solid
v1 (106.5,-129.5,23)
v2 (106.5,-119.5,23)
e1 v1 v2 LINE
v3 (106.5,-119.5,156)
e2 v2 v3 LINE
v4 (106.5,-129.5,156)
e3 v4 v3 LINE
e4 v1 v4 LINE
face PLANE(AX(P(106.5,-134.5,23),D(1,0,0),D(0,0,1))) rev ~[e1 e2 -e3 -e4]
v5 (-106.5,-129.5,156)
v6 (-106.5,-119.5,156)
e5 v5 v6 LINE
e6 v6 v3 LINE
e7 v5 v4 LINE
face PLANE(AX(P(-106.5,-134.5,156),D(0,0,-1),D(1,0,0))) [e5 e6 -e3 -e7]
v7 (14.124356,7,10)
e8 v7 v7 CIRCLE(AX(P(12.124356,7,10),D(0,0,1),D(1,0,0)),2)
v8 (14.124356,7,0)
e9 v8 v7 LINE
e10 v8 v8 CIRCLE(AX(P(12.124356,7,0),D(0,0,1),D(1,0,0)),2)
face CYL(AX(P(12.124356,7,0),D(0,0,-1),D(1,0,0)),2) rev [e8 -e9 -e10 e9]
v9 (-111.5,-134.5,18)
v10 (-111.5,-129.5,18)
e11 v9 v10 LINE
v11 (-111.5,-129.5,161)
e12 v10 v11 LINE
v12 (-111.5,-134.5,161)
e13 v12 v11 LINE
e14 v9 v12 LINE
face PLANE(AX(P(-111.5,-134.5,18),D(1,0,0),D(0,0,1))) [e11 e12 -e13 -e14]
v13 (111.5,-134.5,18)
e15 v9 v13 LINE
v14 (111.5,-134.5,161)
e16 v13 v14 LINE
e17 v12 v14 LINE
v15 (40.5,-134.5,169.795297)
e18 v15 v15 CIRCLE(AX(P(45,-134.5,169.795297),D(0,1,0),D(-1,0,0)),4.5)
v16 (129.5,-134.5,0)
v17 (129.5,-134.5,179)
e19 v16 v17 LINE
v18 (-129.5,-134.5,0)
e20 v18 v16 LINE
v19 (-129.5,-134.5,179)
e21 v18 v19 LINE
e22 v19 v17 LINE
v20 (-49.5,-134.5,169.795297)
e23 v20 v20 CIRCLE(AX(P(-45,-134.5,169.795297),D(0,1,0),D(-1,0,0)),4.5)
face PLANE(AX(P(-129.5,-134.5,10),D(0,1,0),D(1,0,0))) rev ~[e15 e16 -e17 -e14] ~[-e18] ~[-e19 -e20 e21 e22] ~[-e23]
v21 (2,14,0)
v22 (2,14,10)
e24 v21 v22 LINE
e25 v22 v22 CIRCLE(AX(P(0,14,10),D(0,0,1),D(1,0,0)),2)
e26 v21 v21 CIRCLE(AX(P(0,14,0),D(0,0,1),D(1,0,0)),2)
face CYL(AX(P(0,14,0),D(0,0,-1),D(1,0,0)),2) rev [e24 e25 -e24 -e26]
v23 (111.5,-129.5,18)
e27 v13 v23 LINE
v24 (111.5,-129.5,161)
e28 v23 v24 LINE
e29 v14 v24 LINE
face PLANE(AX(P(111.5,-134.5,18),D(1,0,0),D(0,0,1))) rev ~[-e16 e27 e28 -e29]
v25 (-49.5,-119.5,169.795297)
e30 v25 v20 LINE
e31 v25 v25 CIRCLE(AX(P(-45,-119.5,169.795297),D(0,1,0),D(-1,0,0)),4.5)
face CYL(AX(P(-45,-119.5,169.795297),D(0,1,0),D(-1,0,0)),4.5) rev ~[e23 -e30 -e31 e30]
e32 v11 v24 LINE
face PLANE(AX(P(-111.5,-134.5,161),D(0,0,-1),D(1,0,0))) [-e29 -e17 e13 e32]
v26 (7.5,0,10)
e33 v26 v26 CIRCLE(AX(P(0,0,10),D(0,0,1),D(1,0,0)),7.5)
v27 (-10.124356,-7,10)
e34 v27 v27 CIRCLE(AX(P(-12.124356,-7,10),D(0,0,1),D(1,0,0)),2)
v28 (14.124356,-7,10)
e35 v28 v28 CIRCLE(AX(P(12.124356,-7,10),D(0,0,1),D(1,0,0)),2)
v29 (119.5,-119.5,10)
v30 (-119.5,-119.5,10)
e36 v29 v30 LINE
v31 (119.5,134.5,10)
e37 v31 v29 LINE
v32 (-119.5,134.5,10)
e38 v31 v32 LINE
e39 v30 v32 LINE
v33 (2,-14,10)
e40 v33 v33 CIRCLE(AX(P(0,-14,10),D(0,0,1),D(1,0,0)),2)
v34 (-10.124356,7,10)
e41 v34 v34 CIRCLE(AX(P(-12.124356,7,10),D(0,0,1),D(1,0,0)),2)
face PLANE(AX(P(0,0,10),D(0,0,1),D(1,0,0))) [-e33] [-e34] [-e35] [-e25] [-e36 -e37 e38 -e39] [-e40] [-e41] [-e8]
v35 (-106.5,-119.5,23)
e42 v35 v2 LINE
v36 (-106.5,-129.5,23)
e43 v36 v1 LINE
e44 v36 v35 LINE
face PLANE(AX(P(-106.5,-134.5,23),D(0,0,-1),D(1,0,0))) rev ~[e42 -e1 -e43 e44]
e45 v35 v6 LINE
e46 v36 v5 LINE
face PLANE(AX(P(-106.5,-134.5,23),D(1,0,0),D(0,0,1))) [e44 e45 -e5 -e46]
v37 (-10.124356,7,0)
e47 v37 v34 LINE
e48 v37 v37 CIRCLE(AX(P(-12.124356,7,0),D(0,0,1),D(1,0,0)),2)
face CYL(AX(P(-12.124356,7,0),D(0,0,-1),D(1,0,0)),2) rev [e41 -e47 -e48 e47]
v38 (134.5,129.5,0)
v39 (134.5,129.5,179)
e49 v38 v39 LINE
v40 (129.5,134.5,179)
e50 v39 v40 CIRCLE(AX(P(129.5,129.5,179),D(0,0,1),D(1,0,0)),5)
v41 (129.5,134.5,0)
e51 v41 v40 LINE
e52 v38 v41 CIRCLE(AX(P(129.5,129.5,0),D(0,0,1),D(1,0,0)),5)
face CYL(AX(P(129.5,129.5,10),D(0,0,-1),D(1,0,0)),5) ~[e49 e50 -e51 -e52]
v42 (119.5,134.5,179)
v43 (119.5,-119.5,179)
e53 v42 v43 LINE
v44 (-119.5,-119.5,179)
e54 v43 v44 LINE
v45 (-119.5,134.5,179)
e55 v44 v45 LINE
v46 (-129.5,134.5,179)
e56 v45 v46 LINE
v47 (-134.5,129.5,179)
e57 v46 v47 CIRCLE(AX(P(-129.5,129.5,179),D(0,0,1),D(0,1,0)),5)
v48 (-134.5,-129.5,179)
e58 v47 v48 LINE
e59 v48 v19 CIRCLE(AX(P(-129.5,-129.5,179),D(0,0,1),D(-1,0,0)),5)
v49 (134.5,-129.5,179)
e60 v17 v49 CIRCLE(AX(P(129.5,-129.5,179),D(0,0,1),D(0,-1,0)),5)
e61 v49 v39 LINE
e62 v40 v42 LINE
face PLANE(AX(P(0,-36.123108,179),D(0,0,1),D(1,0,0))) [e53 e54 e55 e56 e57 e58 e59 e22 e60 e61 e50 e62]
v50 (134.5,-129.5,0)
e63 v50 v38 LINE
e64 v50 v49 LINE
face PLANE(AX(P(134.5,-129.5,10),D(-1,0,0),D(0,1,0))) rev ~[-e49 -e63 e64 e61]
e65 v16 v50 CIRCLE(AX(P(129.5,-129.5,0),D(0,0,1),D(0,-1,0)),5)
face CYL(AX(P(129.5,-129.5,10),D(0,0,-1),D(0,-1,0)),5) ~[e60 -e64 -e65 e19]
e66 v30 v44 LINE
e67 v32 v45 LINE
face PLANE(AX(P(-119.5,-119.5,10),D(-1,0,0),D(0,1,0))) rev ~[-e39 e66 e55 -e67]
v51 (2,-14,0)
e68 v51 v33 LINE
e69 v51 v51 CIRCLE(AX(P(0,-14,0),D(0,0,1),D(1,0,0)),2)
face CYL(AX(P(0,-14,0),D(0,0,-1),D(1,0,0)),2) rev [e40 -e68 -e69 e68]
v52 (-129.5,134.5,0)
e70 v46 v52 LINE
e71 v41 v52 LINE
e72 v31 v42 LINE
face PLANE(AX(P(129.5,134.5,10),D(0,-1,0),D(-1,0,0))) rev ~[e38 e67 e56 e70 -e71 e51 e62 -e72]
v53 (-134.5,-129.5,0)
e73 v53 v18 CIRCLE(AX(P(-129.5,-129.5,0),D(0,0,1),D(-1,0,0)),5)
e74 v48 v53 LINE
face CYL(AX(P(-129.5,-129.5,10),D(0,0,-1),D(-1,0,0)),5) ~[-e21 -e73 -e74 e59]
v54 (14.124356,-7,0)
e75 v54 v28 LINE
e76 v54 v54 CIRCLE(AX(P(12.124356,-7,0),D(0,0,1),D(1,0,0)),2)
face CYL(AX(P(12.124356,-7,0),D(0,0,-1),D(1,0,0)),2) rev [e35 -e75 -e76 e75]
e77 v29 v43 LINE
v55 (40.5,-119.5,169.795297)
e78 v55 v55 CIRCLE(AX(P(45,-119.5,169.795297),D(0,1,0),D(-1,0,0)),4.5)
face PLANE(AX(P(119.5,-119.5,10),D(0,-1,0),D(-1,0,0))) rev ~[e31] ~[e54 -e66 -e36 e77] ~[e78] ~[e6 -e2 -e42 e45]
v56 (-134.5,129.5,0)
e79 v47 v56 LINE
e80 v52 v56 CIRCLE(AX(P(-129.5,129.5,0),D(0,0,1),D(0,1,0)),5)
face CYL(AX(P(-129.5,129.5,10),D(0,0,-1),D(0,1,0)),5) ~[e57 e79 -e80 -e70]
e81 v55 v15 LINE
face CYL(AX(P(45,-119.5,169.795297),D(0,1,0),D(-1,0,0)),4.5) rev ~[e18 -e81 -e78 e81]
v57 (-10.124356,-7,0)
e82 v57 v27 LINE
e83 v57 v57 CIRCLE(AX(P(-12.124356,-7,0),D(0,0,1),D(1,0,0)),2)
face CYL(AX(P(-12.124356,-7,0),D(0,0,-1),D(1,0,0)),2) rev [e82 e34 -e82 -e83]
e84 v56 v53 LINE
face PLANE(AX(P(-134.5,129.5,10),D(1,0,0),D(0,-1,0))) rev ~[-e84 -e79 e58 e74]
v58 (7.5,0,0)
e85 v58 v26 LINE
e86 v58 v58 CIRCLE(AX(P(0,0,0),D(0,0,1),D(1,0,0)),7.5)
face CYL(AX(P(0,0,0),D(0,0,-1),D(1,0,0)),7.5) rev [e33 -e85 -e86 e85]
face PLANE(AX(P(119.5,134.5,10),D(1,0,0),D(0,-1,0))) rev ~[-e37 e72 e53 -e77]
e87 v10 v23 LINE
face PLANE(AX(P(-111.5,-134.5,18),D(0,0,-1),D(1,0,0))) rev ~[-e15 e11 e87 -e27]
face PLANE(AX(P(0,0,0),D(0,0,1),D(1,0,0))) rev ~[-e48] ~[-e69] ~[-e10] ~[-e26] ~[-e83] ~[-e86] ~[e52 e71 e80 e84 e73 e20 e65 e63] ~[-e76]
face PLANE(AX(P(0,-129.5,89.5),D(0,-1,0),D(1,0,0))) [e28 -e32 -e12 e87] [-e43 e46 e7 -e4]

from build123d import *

# Parameters (mm, degrees)
F0_R     = 2
F0_R_2   = 7.5
F1_DEPTH = 10
F3_DEPTH = 169
F4_W     = 223
F4_H     = 143
F4_W_2   = 212.9999995232
F4_H_2   = 132.9999995232
F5_DEPTH = 5
F6_DEPTH = 25
F7_R     = 4.5
F8_DEPTH = 25


with BuildPart() as f1:
    # F0 (on Top) → F1 (new body)
    with BuildSketch(Plane.XY):
        with BuildLine():
            Line((129.5, 134.5), (-129.5, 134.5))
            ThreePointArc((-129.5, 134.5), (-133.0355339059, 133.0355339059), (-134.5, 129.5))
            Line((-134.5, 129.5), (-134.5, -129.5))
            ThreePointArc((-134.5, -129.5), (-133.0355339059, -133.0355339059), (-129.5, -134.5))
            Line((-129.5, -134.5), (129.5, -134.5))
            ThreePointArc((129.5, -134.5), (133.0355339059, -133.0355339059), (134.5, -129.5))
            Line((134.5, -129.5), (134.5, 129.5))
            ThreePointArc((134.5, 129.5), (133.0355339059, 133.0355339059), (129.5, 134.5))
        make_face()
        with Locations((-12.124355653, -7)):
            Circle(F0_R, mode=Mode.SUBTRACT)
        with Locations((0, -14)):
            Circle(F0_R, mode=Mode.SUBTRACT)
        with Locations((12.124355653, -7)):
            Circle(F0_R, mode=Mode.SUBTRACT)
        with Locations((-12.124355653, 7)):
            Circle(F0_R, mode=Mode.SUBTRACT)
        Circle(F0_R_2, mode=Mode.SUBTRACT)
        with Locations((12.124355653, 7)):
            Circle(F0_R, mode=Mode.SUBTRACT)
        with Locations((0, 14)):
            Circle(F0_R, mode=Mode.SUBTRACT)
    extrude(amount=F1_DEPTH)

    # F2 (on face) → F3 (join)
    with BuildSketch(Plane.XY.offset(10)):
        with BuildLine():
            ThreePointArc((-134.5, -129.5), (-133.0355339059, -133.0355339059), (-129.5, -134.5))
            Line((-129.5, -134.5), (129.5, -134.5))
            ThreePointArc((129.5, -134.5), (133.0355339059, -133.0355339059), (134.5, -129.5))
            Line((134.5, -129.5), (134.5, -119.5))
            Line((134.5, -119.5), (134.5, 129.5))
            ThreePointArc((134.5, 129.5), (133.0355339059, 133.0355339059), (129.5, 134.5))
            Line((129.5, 134.5), (119.5, 134.5))
            Line((119.5, 134.5), (119.5, -119.5))
            Line((119.5, -119.5), (-119.5, -119.5))
            Line((-119.5, -119.5), (-119.5, 134.5))
            Line((-119.5, 134.5), (-129.5, 134.5))
            ThreePointArc((-129.5, 134.5), (-133.0355339059, 133.0355339059), (-134.5, 129.5))
            Line((-134.5, 129.5), (-134.5, -119.5))
            Line((-134.5, -119.5), (-134.5, -129.5))
        make_face()
    extrude(amount=F3_DEPTH)

    # F4 (on face) → F5 (cut)
    with BuildSketch(Plane.XZ.offset(134.5)):
        with Locations((0, 89.5)):
            Rectangle(F4_W, F4_H)
        with Locations((0, 89.5)):
            Rectangle(F4_W_2, F4_H_2, mode=Mode.SUBTRACT)
    extrude(amount=-F5_DEPTH, mode=Mode.SUBTRACT)

    # F6 (cut): a face of the model
    f6_faces = [f1.faces().sort_by_distance(p)[0] for p in [
        (0, -134.5, 89.5),
    ]]
    extrude(f6_faces, amount=-F6_DEPTH, mode=Mode.SUBTRACT)

    # F7 (on face) → F8 (cut)
    with BuildSketch(Plane(origin=(0, -119.5, 0), x_dir=(-1, 0, 0), z_dir=(0, 1, 0))):
        with Locations((-45, 169.7952974686)):
            Circle(F7_R)
        with Locations((45, 169.7952974686)):
            Circle(F7_R)
    extrude(amount=-F8_DEPTH, mode=Mode.SUBTRACT)


solid = f1.part
